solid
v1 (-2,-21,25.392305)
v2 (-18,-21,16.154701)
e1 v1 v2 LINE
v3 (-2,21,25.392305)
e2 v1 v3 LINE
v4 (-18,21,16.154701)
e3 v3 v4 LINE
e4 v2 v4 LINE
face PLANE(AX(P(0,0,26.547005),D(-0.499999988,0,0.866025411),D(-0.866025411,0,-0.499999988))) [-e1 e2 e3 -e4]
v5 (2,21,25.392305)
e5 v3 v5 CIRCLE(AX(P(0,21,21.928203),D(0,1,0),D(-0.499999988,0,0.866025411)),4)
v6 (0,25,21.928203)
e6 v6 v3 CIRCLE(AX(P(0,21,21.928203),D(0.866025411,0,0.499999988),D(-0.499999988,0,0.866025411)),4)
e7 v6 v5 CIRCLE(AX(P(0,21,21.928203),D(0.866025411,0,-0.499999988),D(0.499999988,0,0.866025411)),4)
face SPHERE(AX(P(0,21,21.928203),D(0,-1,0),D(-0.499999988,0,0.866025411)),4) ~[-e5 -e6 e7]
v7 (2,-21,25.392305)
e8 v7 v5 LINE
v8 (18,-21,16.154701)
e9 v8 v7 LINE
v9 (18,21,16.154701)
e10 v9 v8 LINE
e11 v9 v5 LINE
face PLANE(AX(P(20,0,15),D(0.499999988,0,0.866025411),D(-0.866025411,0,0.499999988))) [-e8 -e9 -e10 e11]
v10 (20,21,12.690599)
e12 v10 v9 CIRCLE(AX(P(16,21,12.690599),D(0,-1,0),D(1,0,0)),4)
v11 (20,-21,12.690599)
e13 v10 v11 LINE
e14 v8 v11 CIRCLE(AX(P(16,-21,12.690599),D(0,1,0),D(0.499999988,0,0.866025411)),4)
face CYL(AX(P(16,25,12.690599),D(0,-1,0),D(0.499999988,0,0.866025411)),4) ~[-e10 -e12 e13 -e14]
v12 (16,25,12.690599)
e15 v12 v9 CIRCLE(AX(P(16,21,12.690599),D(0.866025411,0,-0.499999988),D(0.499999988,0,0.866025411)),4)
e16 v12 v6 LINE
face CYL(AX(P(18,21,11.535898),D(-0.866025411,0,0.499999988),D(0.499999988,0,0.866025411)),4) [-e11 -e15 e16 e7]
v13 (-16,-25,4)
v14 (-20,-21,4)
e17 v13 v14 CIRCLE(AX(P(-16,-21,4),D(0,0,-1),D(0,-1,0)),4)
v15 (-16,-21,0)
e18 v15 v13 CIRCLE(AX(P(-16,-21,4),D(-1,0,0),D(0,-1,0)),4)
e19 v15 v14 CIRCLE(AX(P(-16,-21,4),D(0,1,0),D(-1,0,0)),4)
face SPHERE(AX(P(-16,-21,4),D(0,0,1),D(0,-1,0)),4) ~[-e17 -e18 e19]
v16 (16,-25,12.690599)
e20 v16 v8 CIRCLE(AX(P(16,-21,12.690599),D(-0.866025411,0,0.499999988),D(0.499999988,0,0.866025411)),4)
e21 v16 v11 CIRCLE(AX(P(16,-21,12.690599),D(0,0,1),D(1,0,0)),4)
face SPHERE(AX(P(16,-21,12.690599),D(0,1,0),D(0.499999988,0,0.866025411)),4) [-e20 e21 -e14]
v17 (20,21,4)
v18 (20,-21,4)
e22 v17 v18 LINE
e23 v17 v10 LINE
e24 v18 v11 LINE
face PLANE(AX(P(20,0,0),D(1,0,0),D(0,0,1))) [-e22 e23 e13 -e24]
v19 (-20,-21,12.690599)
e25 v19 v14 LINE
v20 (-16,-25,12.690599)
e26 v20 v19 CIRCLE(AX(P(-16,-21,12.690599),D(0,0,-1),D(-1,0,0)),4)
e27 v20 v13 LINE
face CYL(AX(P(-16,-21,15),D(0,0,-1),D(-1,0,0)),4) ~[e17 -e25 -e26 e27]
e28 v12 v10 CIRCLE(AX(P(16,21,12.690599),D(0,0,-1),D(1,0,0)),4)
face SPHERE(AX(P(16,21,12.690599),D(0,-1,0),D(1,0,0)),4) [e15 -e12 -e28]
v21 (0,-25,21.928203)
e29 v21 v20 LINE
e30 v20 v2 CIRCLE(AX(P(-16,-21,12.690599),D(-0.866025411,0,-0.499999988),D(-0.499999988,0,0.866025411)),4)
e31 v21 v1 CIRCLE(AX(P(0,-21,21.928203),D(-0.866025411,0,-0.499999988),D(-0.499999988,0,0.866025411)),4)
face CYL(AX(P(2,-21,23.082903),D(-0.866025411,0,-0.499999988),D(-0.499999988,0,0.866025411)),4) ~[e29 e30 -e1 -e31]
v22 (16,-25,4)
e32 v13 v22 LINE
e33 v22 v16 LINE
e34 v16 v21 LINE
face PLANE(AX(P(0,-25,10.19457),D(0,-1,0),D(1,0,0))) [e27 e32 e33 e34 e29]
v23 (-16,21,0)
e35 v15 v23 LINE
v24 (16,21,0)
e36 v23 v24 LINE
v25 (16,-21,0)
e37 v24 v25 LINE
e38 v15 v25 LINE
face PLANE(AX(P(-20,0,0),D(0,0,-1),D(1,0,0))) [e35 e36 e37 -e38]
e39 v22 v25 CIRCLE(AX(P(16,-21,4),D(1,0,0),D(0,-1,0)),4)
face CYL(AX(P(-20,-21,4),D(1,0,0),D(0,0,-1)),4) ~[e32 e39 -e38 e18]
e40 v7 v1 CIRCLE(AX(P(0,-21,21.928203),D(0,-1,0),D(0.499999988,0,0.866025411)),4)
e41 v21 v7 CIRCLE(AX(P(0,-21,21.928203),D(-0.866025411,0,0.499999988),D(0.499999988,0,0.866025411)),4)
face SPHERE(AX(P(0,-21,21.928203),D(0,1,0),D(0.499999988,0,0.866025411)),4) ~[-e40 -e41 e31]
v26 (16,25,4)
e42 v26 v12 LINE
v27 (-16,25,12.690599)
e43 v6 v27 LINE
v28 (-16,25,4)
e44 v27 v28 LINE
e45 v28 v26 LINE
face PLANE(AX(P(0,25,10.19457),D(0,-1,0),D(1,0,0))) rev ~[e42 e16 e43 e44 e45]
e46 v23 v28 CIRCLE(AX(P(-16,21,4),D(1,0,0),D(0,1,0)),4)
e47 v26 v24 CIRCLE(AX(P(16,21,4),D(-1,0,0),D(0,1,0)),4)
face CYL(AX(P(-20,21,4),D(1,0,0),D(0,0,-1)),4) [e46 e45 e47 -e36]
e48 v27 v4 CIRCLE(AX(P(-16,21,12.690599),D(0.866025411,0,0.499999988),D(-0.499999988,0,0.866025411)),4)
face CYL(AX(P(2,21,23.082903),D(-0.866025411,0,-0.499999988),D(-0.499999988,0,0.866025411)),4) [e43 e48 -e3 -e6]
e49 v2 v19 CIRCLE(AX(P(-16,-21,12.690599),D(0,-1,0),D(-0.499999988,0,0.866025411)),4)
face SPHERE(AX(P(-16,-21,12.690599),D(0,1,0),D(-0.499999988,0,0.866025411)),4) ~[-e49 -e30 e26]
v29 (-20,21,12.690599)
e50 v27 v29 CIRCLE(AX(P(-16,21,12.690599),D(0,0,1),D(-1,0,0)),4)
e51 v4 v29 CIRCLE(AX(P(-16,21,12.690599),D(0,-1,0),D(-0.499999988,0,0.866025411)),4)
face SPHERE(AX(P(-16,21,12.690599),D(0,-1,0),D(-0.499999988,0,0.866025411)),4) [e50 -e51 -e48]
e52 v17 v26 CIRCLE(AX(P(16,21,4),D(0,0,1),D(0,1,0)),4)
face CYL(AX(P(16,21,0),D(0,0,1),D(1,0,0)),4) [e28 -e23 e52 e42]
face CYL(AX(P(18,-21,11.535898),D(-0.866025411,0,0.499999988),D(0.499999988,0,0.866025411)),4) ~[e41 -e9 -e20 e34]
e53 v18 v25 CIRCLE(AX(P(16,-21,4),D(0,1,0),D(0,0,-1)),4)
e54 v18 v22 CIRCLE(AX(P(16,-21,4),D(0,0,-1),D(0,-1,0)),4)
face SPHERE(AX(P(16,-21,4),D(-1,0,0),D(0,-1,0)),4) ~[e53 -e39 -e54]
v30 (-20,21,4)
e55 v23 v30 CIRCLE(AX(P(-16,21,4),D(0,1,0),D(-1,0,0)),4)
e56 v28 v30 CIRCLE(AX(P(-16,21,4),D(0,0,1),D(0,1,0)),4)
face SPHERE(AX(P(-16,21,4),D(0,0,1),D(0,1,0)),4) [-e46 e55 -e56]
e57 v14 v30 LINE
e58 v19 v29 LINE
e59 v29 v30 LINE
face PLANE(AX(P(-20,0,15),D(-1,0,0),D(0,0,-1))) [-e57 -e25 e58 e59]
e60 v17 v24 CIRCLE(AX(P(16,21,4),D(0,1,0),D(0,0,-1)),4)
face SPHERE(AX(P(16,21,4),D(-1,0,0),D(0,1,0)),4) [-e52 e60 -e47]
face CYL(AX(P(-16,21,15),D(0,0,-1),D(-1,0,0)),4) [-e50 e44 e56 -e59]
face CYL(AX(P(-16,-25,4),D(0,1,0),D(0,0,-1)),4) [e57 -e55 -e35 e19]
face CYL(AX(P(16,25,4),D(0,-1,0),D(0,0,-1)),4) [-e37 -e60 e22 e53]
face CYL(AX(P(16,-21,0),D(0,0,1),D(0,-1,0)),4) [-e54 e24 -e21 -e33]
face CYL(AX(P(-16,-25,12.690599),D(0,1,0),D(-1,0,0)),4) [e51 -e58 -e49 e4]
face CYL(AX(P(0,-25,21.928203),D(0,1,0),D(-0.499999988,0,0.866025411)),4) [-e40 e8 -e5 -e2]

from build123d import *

# Parameters (mm, degrees)
F1_DEPTH = 25
F2_R     = 4


with BuildPart() as f1:
    # F0 (on Front) → F1 (new body, symmetric)
    with BuildSketch(Plane.XZ):
        Polygon((-20, 0), (0, 0), (20, 0), (20, 15), (0, 26.547005), (-20, 15), align=None)
    extrude(amount=F1_DEPTH, both=True)

    # F2
    f2_edges = [f1.edges().sort_by_distance(p)[0] for p in [
        (10, -25, 20.773503),
        (-10, -25, 20.773503),
        (-20, -25, 7.5),
        (0, -25, 0),
        (20, -25, 7.5),
        (-10, 25, 20.773503),
        (-20, 25, 7.5),
        (0, 25, 0),
        (20, 25, 7.5),
        (10, 25, 20.773503),
        (20, 0, 15),
        (20, 0, 0),
        (0, 0, 26.547005),
        (-20, 0, 15),
        (-20, 0, 0),
    ]]
    fillet(f2_edges, radius=F2_R)


solid = f1.part
